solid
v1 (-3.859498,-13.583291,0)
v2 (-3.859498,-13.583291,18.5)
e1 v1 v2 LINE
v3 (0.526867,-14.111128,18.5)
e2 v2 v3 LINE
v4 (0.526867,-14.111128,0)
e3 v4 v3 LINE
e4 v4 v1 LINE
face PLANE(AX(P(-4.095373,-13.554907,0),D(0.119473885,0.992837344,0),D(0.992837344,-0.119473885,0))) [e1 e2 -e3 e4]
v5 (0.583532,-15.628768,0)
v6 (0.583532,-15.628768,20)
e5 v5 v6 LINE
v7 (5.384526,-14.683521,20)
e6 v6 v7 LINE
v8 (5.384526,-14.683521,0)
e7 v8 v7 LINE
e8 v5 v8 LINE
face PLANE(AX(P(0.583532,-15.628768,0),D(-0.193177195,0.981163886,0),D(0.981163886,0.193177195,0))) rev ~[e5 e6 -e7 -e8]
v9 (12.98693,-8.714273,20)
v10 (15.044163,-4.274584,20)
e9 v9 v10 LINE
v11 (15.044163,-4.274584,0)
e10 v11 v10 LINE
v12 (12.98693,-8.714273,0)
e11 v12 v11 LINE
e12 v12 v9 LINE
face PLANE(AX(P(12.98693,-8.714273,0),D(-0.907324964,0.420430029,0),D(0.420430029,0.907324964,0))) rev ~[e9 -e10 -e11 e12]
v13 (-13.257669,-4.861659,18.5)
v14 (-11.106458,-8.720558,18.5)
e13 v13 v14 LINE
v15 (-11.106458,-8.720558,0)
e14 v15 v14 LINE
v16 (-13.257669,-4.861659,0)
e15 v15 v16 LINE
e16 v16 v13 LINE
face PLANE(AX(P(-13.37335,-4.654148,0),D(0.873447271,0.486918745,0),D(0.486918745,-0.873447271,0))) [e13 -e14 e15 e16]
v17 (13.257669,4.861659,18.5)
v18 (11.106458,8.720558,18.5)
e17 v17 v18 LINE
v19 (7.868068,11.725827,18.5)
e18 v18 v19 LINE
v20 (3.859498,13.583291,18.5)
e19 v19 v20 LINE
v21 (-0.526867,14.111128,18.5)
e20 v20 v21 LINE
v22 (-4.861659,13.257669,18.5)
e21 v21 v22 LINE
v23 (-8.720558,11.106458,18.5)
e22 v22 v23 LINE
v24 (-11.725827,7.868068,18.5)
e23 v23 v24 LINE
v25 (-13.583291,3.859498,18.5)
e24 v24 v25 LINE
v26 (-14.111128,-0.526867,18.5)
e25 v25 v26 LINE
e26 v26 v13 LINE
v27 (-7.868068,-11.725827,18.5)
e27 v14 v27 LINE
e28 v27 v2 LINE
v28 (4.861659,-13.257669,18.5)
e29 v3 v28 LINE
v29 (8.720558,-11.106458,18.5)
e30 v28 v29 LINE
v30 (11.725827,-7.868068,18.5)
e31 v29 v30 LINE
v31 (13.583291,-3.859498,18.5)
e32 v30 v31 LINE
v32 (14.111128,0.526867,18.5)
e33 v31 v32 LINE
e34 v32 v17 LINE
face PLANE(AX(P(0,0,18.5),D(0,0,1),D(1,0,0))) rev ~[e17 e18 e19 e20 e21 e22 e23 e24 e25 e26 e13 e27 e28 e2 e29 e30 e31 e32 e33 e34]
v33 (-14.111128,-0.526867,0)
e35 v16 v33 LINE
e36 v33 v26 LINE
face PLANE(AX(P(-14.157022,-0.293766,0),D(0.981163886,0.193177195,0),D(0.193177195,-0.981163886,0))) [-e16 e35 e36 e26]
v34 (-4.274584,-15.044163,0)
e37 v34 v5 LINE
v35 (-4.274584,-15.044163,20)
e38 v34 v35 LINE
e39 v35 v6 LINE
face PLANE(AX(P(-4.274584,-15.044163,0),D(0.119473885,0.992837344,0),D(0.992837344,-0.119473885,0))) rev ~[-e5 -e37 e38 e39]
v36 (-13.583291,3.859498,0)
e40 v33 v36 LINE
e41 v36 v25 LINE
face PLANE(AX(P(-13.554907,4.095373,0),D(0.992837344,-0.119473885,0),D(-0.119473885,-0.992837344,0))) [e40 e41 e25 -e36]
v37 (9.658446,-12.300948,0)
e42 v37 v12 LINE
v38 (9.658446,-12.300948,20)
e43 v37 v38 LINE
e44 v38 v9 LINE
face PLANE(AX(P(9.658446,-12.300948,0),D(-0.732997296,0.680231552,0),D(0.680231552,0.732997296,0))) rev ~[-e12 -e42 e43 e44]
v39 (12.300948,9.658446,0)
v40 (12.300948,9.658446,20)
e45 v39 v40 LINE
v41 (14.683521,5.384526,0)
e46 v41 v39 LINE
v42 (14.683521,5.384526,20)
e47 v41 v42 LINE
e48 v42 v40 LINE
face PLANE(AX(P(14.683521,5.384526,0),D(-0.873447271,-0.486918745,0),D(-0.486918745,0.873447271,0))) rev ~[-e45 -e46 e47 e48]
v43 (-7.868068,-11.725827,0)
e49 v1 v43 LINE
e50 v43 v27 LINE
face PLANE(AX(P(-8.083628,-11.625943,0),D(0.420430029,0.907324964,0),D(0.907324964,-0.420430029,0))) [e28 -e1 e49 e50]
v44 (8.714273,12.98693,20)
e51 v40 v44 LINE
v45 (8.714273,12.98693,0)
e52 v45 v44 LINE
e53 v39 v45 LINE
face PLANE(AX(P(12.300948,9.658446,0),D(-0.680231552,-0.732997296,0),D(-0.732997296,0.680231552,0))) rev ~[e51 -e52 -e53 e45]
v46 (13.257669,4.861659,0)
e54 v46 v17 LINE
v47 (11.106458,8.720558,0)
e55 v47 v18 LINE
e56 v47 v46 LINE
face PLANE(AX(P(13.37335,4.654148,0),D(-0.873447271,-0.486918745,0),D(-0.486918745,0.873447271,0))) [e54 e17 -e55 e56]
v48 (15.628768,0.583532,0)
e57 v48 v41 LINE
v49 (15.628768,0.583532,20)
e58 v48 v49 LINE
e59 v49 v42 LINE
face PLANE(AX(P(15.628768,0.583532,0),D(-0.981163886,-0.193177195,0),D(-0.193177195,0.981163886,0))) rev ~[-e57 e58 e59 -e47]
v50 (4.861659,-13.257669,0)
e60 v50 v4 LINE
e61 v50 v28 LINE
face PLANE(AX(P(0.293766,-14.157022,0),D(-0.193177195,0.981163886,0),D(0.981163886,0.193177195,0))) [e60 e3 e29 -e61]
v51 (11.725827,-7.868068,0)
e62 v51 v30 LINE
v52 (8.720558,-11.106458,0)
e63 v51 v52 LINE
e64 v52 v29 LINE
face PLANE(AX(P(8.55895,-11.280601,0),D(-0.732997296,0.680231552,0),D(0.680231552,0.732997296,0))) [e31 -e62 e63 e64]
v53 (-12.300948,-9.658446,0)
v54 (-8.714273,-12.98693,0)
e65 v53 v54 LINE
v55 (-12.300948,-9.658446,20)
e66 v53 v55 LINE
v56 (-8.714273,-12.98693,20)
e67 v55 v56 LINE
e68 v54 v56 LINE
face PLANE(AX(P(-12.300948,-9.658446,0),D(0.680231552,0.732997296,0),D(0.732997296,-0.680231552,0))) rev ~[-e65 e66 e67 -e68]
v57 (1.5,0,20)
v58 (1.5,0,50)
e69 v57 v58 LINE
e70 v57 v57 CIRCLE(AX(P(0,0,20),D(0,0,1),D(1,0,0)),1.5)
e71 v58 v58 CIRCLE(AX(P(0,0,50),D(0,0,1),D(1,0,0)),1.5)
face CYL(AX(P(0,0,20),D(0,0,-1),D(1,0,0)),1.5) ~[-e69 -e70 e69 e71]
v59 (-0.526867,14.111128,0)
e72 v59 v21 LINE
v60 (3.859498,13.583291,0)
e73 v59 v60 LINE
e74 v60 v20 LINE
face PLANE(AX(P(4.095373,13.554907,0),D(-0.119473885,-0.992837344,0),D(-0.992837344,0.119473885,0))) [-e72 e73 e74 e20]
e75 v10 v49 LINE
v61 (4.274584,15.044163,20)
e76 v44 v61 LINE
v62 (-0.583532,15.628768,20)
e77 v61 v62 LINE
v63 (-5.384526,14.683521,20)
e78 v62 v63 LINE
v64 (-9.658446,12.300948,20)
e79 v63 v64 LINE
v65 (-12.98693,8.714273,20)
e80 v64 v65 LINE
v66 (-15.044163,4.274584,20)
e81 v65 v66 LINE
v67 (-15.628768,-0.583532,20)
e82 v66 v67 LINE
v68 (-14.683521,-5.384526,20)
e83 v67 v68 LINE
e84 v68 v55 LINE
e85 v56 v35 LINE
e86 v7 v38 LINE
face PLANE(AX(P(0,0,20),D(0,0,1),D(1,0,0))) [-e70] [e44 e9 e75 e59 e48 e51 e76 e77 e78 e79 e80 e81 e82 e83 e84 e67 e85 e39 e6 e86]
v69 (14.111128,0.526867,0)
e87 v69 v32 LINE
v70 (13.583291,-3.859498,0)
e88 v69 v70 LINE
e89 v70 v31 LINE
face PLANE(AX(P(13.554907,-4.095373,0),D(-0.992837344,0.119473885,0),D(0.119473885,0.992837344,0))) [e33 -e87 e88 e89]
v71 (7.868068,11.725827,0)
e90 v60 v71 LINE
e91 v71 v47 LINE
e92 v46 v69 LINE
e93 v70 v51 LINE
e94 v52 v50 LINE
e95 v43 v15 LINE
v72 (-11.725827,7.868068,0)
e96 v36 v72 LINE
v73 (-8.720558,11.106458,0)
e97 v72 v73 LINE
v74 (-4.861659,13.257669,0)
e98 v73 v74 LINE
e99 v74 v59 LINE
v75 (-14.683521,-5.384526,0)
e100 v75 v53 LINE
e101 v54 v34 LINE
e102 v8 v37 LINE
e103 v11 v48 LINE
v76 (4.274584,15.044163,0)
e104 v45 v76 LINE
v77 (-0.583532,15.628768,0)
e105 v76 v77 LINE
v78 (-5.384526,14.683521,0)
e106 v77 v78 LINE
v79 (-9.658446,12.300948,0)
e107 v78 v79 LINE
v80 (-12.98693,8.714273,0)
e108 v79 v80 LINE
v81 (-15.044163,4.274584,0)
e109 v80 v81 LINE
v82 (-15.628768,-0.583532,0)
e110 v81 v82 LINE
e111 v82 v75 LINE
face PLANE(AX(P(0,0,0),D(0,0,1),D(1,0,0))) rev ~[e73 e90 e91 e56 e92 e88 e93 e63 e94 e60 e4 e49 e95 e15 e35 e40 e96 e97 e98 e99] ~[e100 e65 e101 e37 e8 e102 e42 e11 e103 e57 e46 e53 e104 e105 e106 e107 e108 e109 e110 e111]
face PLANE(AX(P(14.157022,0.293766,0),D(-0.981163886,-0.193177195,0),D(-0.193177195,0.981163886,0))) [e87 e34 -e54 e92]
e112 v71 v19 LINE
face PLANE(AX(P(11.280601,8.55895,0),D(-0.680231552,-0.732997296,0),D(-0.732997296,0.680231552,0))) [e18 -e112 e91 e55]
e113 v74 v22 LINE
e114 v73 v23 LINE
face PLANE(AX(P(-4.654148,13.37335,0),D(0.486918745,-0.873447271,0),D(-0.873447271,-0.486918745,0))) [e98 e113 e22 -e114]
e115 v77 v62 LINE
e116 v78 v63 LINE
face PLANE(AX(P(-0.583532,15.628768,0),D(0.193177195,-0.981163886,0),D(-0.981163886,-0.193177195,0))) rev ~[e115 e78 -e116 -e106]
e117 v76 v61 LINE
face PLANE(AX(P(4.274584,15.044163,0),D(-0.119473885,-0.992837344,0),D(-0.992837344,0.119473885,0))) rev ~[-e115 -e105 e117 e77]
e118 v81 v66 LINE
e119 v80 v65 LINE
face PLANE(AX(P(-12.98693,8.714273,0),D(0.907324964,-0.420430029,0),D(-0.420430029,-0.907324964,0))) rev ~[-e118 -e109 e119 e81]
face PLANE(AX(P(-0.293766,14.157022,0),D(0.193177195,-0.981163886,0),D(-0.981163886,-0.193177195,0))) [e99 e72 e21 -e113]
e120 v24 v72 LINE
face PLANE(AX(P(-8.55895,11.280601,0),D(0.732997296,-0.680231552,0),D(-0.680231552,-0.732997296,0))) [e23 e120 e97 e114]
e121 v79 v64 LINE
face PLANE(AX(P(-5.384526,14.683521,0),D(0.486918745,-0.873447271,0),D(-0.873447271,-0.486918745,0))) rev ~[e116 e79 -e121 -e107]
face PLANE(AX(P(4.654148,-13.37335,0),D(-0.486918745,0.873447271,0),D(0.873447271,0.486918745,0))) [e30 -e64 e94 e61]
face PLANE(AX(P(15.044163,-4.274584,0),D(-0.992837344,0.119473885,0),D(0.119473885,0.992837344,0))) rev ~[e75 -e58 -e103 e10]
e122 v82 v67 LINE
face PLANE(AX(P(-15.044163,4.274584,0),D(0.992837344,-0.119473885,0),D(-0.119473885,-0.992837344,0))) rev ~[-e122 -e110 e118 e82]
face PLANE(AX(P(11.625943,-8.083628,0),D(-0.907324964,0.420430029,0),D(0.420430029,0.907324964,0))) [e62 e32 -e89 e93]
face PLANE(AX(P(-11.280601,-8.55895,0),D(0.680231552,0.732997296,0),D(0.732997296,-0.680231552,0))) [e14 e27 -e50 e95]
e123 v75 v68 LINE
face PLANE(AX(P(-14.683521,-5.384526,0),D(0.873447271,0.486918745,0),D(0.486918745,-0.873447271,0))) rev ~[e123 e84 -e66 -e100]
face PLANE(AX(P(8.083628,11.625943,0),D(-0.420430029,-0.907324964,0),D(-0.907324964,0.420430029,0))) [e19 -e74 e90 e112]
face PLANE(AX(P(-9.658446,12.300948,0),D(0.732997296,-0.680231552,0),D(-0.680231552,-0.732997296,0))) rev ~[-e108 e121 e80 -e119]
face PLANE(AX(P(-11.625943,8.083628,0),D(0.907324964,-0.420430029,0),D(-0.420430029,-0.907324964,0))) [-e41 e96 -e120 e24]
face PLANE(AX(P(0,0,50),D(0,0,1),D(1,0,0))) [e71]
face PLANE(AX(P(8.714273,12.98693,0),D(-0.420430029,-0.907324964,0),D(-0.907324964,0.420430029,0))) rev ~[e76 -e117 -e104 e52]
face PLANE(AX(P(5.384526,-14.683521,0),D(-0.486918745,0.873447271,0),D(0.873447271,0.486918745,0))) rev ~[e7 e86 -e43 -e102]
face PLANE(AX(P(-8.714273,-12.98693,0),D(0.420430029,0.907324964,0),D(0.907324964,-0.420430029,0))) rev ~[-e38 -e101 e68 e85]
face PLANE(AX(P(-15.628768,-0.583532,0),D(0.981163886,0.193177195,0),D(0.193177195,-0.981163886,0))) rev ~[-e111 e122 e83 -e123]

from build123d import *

# Parameters (mm, degrees)
RESSALTO_EXTRUS_O1_DEPTH = 20
CASCA1_T                 = -1.5
ESBO_O2_R                = 1.5
RESSALTO_EXTRUS_O2_DEPTH = 30


with BuildPart() as part:
    # Esboço1 → Ressalto-extrusão1 (new body)
    with BuildSketch(Plane.XY):
        Polygon((-12.986930378, 8.7142726), (-15.044163089, 4.274583549), (-15.628768299, -0.583531522), (-14.683520775, -5.384526462), (-12.300947932, -9.658446435), (-8.7142726, -12.986930378), (-4.274583549, -15.044163089), (0.583531522, -15.628768299), (5.384526462, -14.683520775), (9.658446435, -12.300947932), (12.986930378, -8.7142726), (15.044163089, -4.274583549), (15.628768299, 0.583531522), (14.683520775, 5.384526462), (12.300947932, 9.658446435), (8.7142726, 12.986930378), (4.274583549, 15.044163089), (-0.583531522, 15.628768299), (-5.384526462, 14.683520775), (-9.658446435, 12.300947932), align=None)
    extrude(amount=RESSALTO_EXTRUS_O1_DEPTH)

    # Casca1
    casca1_openings = [part.faces().sort_by_distance(p)[0] for p in [
        (0, 0, 0),
    ]]
    offset(amount=CASCA1_T, openings=casca1_openings, kind=Kind.INTERSECTION)

    # Esboço2 → Ressalto-extrusão2 (add)
    with BuildSketch(Plane.XY.offset(20)):
        Circle(ESBO_O2_R)
    extrude(amount=RESSALTO_EXTRUS_O2_DEPTH)


solid = part.part
